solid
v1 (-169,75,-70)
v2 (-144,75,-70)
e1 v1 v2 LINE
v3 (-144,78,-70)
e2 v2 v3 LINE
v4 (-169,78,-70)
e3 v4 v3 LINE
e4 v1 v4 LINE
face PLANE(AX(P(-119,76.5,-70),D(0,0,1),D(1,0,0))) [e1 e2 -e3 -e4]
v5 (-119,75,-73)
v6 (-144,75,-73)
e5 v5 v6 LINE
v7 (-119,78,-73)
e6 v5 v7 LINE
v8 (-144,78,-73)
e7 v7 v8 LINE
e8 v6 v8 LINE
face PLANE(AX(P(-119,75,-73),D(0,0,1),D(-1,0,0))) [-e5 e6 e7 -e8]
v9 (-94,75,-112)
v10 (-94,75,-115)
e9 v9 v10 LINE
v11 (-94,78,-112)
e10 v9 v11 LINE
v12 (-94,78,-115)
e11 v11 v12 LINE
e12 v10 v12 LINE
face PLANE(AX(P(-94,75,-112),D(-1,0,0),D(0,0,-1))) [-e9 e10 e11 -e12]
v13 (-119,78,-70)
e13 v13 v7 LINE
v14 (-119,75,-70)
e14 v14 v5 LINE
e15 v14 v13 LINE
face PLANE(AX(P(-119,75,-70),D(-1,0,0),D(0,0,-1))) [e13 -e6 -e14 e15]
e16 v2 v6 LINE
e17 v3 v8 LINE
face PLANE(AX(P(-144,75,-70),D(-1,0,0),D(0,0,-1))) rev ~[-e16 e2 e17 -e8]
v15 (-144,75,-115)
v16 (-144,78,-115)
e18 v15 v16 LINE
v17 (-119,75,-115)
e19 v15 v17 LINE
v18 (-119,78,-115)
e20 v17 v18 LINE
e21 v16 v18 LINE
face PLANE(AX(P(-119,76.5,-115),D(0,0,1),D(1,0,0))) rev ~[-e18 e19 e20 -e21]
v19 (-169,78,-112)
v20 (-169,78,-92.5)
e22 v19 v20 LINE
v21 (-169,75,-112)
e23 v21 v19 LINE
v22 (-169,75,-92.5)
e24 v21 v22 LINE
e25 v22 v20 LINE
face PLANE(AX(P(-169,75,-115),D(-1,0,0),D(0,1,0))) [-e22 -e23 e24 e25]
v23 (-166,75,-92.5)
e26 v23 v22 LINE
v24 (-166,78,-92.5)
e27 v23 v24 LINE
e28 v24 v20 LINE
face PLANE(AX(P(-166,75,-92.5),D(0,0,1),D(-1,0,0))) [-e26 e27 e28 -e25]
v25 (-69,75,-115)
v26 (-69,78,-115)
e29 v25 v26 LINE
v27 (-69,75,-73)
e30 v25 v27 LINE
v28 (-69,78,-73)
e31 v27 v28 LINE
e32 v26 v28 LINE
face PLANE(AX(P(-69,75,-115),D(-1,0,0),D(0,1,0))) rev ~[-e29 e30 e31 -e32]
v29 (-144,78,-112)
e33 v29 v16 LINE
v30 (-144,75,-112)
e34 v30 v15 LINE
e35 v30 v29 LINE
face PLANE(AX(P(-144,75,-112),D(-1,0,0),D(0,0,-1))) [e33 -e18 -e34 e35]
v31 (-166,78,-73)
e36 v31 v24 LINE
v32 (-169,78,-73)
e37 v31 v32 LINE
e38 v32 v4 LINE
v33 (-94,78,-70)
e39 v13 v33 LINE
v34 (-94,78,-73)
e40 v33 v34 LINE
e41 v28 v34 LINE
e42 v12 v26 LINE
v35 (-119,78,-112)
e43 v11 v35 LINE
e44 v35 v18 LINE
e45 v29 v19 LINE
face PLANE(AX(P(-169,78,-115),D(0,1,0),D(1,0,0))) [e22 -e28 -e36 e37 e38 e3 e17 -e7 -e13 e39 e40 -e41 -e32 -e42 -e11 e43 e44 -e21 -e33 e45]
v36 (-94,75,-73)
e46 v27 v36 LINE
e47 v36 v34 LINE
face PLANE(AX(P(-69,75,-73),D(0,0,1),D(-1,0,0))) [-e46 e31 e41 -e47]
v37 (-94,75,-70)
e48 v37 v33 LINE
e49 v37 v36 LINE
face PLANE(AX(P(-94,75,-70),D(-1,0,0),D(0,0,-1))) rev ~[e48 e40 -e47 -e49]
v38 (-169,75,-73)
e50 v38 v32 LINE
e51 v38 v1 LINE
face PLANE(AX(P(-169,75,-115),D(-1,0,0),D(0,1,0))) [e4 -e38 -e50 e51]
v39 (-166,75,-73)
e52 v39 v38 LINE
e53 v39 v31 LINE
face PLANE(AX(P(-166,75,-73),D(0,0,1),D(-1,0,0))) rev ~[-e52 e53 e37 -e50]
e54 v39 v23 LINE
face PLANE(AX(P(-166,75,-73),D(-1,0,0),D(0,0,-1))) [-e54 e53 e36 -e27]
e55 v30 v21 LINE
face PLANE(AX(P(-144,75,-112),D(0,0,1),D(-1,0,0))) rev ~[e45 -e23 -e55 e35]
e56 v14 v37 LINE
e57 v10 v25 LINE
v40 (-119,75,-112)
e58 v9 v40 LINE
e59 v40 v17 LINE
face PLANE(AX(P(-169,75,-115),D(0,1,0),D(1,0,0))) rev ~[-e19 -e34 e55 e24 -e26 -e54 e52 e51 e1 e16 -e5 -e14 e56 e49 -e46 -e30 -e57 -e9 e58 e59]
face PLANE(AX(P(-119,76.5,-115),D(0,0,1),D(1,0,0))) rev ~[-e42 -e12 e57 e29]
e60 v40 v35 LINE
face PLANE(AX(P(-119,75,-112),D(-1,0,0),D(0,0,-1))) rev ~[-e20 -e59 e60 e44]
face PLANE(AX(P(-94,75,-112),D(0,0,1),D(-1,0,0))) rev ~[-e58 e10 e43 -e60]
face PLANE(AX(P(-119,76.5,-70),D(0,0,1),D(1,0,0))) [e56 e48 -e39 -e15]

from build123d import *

# Parameters (mm, degrees)
RECTANGLE127_AS_DRAWN_W                      = 25
RECTANGLE127_AS_DRAWN_H                      = 3
EXTRUDE155_DEPTH                             = 3
EXTRUDE155_ONTO_RECTANGLE127_ROLL_ANGLE      = -90
EXTRUDE155_ONTO_RECTANGLE127_PLACEMENT_ANGLE = 180
RECTANGLE128_AS_DRAWN_W                      = 25
RECTANGLE128_AS_DRAWN_H                      = 3
EXTRUDE157_DEPTH                             = 3
EXTRUDE157_ONTO_RECTANGLE128_ROLL_ANGLE      = -90
EXTRUDE157_ONTO_RECTANGLE128_PLACEMENT_ANGLE = 180
RECTANGLE130_AS_DRAWN_W                      = 25
RECTANGLE130_AS_DRAWN_H                      = 3
EXTRUDE162_DEPTH                             = 3
EXTRUDE162_ONTO_RECTANGLE130_ROLL_ANGLE      = -90
EXTRUDE162_ONTO_RECTANGLE130_PLACEMENT_ANGLE = 180
EXTRUDE160_DEPTH                             = 3
EXTRUDE160_ONTO_RECTANGLE127_ROLL_ANGLE      = -90
EXTRUDE160_ONTO_RECTANGLE127_PLACEMENT_ANGLE = 180
RECTANGLE132_AS_DRAWN_W                      = 3
RECTANGLE132_AS_DRAWN_H                      = 19.5
EXTRUDE168_DEPTH                             = 3
EXTRUDE168_ONTO_RECTANGLE132_ROLL_ANGLE      = -90
EXTRUDE168_ONTO_RECTANGLE132_PLACEMENT_ANGLE = 180
BOX043_W                                     = 100
BOX043_H                                     = 3
BOX043_DEPTH                                 = 45


with BuildPart() as extrude155:
    # Rectangle127 as drawn → Extrude155 (new)
    with BuildSketch(Plane.XY):
        with Locations((12.5, 1.5)):
            Rectangle(RECTANGLE127_AS_DRAWN_W, RECTANGLE127_AS_DRAWN_H)
    extrude(amount=-EXTRUDE155_DEPTH)


with BuildPart() as extrude155_1:
    # Extrude155 onto Rectangle127 roll: moved
    add(extrude155.part.rotate(Axis((0, 0, 0), (1, 0, 0)), EXTRUDE155_ONTO_RECTANGLE127_ROLL_ANGLE))


with BuildPart() as extrude155_2:
    # Extrude155 onto Rectangle127 placement: moved
    add(extrude155_1.part.moved(Location((114, -77, -70))).rotate(Axis((114, -77, -70), (0, 0, 1)), EXTRUDE155_ONTO_RECTANGLE127_PLACEMENT_ANGLE))


with BuildPart() as extrude155_3:
    # Extrude155 placement: moved
    add(extrude155_2.part.moved(Location((-183, 0, 0))))


with BuildPart() as extrude157:
    # Rectangle128 as drawn → Extrude157 (new)
    with BuildSketch(Plane.XY):
        with Locations((12.5, 1.5)):
            Rectangle(RECTANGLE128_AS_DRAWN_W, RECTANGLE128_AS_DRAWN_H)
    extrude(amount=-EXTRUDE157_DEPTH)


with BuildPart() as extrude157_1:
    # Extrude157 onto Rectangle128 roll: moved
    add(extrude157.part.rotate(Axis((0, 0, 0), (1, 0, 0)), EXTRUDE157_ONTO_RECTANGLE128_ROLL_ANGLE))


with BuildPart() as extrude157_2:
    # Extrude157 onto Rectangle128 placement: moved
    add(extrude157_1.part.moved(Location((89, -77, -70))).rotate(Axis((89, -77, -70), (0, 0, 1)), EXTRUDE157_ONTO_RECTANGLE128_PLACEMENT_ANGLE))


with BuildPart() as extrude157_3:
    # Extrude157 placement: moved
    add(extrude157_2.part.moved(Location((-208, 0, 0))))


with BuildPart() as extrude162:
    # Rectangle130 as drawn → Extrude162 (new)
    with BuildSketch(Plane.XY):
        with Locations((12.5, 1.5)):
            Rectangle(RECTANGLE130_AS_DRAWN_W, RECTANGLE130_AS_DRAWN_H)
    extrude(amount=-EXTRUDE162_DEPTH)


with BuildPart() as extrude162_1:
    # Extrude162 onto Rectangle130 roll: moved
    add(extrude162.part.rotate(Axis((0, 0, 0), (1, 0, 0)), EXTRUDE162_ONTO_RECTANGLE130_ROLL_ANGLE))


with BuildPart() as extrude162_2:
    # Extrude162 onto Rectangle130 placement: moved
    add(extrude162_1.part.moved(Location((39, -77, -70))).rotate(Axis((39, -77, -70), (0, 0, 1)), EXTRUDE162_ONTO_RECTANGLE130_PLACEMENT_ANGLE))


with BuildPart() as extrude162_3:
    # Extrude162 placement: moved
    add(extrude162_2.part.moved(Location((-183, 0, -42))))


with BuildPart() as extrude160:
    # Rectangle127 as drawn → Extrude160 (new)
    with BuildSketch(Plane.XY):
        with Locations((12.5, 1.5)):
            Rectangle(RECTANGLE127_AS_DRAWN_W, RECTANGLE127_AS_DRAWN_H)
    extrude(amount=-EXTRUDE160_DEPTH)


with BuildPart() as extrude160_1:
    # Extrude160 onto Rectangle127 roll: moved
    add(extrude160.part.rotate(Axis((0, 0, 0), (1, 0, 0)), EXTRUDE160_ONTO_RECTANGLE127_ROLL_ANGLE))


with BuildPart() as extrude160_2:
    # Extrude160 onto Rectangle127 placement: moved
    add(extrude160_1.part.moved(Location((114, -77, -70))).rotate(Axis((114, -77, -70), (0, 0, 1)), EXTRUDE160_ONTO_RECTANGLE127_PLACEMENT_ANGLE))


with BuildPart() as extrude160_3:
    # Extrude160 placement: moved
    add(extrude160_2.part.moved(Location((-208, 0, -42))))


with BuildPart() as fusion064027:
    # Rectangle132 as drawn → Extrude168 (new)
    with BuildSketch(Plane.XY):
        with Locations((1.5, 9.75)):
            Rectangle(RECTANGLE132_AS_DRAWN_W, RECTANGLE132_AS_DRAWN_H)
    extrude(amount=-EXTRUDE168_DEPTH)


with BuildPart() as fusion064027_1:
    # Extrude168 onto Rectangle132 roll: moved
    add(fusion064027.part.rotate(Axis((0, 0, 0), (1, 0, 0)), EXTRUDE168_ONTO_RECTANGLE132_ROLL_ANGLE))


with BuildPart() as fusion064027_2:
    # Extrude168 onto Rectangle132 placement: moved
    add(fusion064027_1.part.moved(Location((114, -77, -92.5))).rotate(Axis((114, -77, -92.5), (0, 0, 1)), EXTRUDE168_ONTO_RECTANGLE132_PLACEMENT_ANGLE))


with BuildPart() as fusion064027_3:
    # Extrude168 placement: moved
    add(fusion064027_2.part.moved(Location((-280, 0, 19.5))))

    # Fusion064027: union Extrude155, Extrude157, Extrude162, Extrude160
    add(extrude155_3.part)
    add(extrude157_3.part)
    add(extrude162_3.part)
    add(extrude160_3.part)


with BuildPart() as fusion064027_4:
    # Fusion064027 placement: moved
    add(fusion064027_3.part.moved(Location((0, 152, 0))))


with BuildPart() as cut035016:
    # Box043 → Box043 (new body)
    with BuildSketch(Plane(origin=(-169, 75, -115), x_dir=(1, 0, 0), z_dir=(0, 0, 1))):
        with Locations((50, 1.5)):
            Rectangle(BOX043_W, BOX043_H)
    extrude(amount=BOX043_DEPTH)

    # Cut035016: cut Fusion064027
    add(fusion064027_4.part, mode=Mode.SUBTRACT)


solid = cut035016.part
